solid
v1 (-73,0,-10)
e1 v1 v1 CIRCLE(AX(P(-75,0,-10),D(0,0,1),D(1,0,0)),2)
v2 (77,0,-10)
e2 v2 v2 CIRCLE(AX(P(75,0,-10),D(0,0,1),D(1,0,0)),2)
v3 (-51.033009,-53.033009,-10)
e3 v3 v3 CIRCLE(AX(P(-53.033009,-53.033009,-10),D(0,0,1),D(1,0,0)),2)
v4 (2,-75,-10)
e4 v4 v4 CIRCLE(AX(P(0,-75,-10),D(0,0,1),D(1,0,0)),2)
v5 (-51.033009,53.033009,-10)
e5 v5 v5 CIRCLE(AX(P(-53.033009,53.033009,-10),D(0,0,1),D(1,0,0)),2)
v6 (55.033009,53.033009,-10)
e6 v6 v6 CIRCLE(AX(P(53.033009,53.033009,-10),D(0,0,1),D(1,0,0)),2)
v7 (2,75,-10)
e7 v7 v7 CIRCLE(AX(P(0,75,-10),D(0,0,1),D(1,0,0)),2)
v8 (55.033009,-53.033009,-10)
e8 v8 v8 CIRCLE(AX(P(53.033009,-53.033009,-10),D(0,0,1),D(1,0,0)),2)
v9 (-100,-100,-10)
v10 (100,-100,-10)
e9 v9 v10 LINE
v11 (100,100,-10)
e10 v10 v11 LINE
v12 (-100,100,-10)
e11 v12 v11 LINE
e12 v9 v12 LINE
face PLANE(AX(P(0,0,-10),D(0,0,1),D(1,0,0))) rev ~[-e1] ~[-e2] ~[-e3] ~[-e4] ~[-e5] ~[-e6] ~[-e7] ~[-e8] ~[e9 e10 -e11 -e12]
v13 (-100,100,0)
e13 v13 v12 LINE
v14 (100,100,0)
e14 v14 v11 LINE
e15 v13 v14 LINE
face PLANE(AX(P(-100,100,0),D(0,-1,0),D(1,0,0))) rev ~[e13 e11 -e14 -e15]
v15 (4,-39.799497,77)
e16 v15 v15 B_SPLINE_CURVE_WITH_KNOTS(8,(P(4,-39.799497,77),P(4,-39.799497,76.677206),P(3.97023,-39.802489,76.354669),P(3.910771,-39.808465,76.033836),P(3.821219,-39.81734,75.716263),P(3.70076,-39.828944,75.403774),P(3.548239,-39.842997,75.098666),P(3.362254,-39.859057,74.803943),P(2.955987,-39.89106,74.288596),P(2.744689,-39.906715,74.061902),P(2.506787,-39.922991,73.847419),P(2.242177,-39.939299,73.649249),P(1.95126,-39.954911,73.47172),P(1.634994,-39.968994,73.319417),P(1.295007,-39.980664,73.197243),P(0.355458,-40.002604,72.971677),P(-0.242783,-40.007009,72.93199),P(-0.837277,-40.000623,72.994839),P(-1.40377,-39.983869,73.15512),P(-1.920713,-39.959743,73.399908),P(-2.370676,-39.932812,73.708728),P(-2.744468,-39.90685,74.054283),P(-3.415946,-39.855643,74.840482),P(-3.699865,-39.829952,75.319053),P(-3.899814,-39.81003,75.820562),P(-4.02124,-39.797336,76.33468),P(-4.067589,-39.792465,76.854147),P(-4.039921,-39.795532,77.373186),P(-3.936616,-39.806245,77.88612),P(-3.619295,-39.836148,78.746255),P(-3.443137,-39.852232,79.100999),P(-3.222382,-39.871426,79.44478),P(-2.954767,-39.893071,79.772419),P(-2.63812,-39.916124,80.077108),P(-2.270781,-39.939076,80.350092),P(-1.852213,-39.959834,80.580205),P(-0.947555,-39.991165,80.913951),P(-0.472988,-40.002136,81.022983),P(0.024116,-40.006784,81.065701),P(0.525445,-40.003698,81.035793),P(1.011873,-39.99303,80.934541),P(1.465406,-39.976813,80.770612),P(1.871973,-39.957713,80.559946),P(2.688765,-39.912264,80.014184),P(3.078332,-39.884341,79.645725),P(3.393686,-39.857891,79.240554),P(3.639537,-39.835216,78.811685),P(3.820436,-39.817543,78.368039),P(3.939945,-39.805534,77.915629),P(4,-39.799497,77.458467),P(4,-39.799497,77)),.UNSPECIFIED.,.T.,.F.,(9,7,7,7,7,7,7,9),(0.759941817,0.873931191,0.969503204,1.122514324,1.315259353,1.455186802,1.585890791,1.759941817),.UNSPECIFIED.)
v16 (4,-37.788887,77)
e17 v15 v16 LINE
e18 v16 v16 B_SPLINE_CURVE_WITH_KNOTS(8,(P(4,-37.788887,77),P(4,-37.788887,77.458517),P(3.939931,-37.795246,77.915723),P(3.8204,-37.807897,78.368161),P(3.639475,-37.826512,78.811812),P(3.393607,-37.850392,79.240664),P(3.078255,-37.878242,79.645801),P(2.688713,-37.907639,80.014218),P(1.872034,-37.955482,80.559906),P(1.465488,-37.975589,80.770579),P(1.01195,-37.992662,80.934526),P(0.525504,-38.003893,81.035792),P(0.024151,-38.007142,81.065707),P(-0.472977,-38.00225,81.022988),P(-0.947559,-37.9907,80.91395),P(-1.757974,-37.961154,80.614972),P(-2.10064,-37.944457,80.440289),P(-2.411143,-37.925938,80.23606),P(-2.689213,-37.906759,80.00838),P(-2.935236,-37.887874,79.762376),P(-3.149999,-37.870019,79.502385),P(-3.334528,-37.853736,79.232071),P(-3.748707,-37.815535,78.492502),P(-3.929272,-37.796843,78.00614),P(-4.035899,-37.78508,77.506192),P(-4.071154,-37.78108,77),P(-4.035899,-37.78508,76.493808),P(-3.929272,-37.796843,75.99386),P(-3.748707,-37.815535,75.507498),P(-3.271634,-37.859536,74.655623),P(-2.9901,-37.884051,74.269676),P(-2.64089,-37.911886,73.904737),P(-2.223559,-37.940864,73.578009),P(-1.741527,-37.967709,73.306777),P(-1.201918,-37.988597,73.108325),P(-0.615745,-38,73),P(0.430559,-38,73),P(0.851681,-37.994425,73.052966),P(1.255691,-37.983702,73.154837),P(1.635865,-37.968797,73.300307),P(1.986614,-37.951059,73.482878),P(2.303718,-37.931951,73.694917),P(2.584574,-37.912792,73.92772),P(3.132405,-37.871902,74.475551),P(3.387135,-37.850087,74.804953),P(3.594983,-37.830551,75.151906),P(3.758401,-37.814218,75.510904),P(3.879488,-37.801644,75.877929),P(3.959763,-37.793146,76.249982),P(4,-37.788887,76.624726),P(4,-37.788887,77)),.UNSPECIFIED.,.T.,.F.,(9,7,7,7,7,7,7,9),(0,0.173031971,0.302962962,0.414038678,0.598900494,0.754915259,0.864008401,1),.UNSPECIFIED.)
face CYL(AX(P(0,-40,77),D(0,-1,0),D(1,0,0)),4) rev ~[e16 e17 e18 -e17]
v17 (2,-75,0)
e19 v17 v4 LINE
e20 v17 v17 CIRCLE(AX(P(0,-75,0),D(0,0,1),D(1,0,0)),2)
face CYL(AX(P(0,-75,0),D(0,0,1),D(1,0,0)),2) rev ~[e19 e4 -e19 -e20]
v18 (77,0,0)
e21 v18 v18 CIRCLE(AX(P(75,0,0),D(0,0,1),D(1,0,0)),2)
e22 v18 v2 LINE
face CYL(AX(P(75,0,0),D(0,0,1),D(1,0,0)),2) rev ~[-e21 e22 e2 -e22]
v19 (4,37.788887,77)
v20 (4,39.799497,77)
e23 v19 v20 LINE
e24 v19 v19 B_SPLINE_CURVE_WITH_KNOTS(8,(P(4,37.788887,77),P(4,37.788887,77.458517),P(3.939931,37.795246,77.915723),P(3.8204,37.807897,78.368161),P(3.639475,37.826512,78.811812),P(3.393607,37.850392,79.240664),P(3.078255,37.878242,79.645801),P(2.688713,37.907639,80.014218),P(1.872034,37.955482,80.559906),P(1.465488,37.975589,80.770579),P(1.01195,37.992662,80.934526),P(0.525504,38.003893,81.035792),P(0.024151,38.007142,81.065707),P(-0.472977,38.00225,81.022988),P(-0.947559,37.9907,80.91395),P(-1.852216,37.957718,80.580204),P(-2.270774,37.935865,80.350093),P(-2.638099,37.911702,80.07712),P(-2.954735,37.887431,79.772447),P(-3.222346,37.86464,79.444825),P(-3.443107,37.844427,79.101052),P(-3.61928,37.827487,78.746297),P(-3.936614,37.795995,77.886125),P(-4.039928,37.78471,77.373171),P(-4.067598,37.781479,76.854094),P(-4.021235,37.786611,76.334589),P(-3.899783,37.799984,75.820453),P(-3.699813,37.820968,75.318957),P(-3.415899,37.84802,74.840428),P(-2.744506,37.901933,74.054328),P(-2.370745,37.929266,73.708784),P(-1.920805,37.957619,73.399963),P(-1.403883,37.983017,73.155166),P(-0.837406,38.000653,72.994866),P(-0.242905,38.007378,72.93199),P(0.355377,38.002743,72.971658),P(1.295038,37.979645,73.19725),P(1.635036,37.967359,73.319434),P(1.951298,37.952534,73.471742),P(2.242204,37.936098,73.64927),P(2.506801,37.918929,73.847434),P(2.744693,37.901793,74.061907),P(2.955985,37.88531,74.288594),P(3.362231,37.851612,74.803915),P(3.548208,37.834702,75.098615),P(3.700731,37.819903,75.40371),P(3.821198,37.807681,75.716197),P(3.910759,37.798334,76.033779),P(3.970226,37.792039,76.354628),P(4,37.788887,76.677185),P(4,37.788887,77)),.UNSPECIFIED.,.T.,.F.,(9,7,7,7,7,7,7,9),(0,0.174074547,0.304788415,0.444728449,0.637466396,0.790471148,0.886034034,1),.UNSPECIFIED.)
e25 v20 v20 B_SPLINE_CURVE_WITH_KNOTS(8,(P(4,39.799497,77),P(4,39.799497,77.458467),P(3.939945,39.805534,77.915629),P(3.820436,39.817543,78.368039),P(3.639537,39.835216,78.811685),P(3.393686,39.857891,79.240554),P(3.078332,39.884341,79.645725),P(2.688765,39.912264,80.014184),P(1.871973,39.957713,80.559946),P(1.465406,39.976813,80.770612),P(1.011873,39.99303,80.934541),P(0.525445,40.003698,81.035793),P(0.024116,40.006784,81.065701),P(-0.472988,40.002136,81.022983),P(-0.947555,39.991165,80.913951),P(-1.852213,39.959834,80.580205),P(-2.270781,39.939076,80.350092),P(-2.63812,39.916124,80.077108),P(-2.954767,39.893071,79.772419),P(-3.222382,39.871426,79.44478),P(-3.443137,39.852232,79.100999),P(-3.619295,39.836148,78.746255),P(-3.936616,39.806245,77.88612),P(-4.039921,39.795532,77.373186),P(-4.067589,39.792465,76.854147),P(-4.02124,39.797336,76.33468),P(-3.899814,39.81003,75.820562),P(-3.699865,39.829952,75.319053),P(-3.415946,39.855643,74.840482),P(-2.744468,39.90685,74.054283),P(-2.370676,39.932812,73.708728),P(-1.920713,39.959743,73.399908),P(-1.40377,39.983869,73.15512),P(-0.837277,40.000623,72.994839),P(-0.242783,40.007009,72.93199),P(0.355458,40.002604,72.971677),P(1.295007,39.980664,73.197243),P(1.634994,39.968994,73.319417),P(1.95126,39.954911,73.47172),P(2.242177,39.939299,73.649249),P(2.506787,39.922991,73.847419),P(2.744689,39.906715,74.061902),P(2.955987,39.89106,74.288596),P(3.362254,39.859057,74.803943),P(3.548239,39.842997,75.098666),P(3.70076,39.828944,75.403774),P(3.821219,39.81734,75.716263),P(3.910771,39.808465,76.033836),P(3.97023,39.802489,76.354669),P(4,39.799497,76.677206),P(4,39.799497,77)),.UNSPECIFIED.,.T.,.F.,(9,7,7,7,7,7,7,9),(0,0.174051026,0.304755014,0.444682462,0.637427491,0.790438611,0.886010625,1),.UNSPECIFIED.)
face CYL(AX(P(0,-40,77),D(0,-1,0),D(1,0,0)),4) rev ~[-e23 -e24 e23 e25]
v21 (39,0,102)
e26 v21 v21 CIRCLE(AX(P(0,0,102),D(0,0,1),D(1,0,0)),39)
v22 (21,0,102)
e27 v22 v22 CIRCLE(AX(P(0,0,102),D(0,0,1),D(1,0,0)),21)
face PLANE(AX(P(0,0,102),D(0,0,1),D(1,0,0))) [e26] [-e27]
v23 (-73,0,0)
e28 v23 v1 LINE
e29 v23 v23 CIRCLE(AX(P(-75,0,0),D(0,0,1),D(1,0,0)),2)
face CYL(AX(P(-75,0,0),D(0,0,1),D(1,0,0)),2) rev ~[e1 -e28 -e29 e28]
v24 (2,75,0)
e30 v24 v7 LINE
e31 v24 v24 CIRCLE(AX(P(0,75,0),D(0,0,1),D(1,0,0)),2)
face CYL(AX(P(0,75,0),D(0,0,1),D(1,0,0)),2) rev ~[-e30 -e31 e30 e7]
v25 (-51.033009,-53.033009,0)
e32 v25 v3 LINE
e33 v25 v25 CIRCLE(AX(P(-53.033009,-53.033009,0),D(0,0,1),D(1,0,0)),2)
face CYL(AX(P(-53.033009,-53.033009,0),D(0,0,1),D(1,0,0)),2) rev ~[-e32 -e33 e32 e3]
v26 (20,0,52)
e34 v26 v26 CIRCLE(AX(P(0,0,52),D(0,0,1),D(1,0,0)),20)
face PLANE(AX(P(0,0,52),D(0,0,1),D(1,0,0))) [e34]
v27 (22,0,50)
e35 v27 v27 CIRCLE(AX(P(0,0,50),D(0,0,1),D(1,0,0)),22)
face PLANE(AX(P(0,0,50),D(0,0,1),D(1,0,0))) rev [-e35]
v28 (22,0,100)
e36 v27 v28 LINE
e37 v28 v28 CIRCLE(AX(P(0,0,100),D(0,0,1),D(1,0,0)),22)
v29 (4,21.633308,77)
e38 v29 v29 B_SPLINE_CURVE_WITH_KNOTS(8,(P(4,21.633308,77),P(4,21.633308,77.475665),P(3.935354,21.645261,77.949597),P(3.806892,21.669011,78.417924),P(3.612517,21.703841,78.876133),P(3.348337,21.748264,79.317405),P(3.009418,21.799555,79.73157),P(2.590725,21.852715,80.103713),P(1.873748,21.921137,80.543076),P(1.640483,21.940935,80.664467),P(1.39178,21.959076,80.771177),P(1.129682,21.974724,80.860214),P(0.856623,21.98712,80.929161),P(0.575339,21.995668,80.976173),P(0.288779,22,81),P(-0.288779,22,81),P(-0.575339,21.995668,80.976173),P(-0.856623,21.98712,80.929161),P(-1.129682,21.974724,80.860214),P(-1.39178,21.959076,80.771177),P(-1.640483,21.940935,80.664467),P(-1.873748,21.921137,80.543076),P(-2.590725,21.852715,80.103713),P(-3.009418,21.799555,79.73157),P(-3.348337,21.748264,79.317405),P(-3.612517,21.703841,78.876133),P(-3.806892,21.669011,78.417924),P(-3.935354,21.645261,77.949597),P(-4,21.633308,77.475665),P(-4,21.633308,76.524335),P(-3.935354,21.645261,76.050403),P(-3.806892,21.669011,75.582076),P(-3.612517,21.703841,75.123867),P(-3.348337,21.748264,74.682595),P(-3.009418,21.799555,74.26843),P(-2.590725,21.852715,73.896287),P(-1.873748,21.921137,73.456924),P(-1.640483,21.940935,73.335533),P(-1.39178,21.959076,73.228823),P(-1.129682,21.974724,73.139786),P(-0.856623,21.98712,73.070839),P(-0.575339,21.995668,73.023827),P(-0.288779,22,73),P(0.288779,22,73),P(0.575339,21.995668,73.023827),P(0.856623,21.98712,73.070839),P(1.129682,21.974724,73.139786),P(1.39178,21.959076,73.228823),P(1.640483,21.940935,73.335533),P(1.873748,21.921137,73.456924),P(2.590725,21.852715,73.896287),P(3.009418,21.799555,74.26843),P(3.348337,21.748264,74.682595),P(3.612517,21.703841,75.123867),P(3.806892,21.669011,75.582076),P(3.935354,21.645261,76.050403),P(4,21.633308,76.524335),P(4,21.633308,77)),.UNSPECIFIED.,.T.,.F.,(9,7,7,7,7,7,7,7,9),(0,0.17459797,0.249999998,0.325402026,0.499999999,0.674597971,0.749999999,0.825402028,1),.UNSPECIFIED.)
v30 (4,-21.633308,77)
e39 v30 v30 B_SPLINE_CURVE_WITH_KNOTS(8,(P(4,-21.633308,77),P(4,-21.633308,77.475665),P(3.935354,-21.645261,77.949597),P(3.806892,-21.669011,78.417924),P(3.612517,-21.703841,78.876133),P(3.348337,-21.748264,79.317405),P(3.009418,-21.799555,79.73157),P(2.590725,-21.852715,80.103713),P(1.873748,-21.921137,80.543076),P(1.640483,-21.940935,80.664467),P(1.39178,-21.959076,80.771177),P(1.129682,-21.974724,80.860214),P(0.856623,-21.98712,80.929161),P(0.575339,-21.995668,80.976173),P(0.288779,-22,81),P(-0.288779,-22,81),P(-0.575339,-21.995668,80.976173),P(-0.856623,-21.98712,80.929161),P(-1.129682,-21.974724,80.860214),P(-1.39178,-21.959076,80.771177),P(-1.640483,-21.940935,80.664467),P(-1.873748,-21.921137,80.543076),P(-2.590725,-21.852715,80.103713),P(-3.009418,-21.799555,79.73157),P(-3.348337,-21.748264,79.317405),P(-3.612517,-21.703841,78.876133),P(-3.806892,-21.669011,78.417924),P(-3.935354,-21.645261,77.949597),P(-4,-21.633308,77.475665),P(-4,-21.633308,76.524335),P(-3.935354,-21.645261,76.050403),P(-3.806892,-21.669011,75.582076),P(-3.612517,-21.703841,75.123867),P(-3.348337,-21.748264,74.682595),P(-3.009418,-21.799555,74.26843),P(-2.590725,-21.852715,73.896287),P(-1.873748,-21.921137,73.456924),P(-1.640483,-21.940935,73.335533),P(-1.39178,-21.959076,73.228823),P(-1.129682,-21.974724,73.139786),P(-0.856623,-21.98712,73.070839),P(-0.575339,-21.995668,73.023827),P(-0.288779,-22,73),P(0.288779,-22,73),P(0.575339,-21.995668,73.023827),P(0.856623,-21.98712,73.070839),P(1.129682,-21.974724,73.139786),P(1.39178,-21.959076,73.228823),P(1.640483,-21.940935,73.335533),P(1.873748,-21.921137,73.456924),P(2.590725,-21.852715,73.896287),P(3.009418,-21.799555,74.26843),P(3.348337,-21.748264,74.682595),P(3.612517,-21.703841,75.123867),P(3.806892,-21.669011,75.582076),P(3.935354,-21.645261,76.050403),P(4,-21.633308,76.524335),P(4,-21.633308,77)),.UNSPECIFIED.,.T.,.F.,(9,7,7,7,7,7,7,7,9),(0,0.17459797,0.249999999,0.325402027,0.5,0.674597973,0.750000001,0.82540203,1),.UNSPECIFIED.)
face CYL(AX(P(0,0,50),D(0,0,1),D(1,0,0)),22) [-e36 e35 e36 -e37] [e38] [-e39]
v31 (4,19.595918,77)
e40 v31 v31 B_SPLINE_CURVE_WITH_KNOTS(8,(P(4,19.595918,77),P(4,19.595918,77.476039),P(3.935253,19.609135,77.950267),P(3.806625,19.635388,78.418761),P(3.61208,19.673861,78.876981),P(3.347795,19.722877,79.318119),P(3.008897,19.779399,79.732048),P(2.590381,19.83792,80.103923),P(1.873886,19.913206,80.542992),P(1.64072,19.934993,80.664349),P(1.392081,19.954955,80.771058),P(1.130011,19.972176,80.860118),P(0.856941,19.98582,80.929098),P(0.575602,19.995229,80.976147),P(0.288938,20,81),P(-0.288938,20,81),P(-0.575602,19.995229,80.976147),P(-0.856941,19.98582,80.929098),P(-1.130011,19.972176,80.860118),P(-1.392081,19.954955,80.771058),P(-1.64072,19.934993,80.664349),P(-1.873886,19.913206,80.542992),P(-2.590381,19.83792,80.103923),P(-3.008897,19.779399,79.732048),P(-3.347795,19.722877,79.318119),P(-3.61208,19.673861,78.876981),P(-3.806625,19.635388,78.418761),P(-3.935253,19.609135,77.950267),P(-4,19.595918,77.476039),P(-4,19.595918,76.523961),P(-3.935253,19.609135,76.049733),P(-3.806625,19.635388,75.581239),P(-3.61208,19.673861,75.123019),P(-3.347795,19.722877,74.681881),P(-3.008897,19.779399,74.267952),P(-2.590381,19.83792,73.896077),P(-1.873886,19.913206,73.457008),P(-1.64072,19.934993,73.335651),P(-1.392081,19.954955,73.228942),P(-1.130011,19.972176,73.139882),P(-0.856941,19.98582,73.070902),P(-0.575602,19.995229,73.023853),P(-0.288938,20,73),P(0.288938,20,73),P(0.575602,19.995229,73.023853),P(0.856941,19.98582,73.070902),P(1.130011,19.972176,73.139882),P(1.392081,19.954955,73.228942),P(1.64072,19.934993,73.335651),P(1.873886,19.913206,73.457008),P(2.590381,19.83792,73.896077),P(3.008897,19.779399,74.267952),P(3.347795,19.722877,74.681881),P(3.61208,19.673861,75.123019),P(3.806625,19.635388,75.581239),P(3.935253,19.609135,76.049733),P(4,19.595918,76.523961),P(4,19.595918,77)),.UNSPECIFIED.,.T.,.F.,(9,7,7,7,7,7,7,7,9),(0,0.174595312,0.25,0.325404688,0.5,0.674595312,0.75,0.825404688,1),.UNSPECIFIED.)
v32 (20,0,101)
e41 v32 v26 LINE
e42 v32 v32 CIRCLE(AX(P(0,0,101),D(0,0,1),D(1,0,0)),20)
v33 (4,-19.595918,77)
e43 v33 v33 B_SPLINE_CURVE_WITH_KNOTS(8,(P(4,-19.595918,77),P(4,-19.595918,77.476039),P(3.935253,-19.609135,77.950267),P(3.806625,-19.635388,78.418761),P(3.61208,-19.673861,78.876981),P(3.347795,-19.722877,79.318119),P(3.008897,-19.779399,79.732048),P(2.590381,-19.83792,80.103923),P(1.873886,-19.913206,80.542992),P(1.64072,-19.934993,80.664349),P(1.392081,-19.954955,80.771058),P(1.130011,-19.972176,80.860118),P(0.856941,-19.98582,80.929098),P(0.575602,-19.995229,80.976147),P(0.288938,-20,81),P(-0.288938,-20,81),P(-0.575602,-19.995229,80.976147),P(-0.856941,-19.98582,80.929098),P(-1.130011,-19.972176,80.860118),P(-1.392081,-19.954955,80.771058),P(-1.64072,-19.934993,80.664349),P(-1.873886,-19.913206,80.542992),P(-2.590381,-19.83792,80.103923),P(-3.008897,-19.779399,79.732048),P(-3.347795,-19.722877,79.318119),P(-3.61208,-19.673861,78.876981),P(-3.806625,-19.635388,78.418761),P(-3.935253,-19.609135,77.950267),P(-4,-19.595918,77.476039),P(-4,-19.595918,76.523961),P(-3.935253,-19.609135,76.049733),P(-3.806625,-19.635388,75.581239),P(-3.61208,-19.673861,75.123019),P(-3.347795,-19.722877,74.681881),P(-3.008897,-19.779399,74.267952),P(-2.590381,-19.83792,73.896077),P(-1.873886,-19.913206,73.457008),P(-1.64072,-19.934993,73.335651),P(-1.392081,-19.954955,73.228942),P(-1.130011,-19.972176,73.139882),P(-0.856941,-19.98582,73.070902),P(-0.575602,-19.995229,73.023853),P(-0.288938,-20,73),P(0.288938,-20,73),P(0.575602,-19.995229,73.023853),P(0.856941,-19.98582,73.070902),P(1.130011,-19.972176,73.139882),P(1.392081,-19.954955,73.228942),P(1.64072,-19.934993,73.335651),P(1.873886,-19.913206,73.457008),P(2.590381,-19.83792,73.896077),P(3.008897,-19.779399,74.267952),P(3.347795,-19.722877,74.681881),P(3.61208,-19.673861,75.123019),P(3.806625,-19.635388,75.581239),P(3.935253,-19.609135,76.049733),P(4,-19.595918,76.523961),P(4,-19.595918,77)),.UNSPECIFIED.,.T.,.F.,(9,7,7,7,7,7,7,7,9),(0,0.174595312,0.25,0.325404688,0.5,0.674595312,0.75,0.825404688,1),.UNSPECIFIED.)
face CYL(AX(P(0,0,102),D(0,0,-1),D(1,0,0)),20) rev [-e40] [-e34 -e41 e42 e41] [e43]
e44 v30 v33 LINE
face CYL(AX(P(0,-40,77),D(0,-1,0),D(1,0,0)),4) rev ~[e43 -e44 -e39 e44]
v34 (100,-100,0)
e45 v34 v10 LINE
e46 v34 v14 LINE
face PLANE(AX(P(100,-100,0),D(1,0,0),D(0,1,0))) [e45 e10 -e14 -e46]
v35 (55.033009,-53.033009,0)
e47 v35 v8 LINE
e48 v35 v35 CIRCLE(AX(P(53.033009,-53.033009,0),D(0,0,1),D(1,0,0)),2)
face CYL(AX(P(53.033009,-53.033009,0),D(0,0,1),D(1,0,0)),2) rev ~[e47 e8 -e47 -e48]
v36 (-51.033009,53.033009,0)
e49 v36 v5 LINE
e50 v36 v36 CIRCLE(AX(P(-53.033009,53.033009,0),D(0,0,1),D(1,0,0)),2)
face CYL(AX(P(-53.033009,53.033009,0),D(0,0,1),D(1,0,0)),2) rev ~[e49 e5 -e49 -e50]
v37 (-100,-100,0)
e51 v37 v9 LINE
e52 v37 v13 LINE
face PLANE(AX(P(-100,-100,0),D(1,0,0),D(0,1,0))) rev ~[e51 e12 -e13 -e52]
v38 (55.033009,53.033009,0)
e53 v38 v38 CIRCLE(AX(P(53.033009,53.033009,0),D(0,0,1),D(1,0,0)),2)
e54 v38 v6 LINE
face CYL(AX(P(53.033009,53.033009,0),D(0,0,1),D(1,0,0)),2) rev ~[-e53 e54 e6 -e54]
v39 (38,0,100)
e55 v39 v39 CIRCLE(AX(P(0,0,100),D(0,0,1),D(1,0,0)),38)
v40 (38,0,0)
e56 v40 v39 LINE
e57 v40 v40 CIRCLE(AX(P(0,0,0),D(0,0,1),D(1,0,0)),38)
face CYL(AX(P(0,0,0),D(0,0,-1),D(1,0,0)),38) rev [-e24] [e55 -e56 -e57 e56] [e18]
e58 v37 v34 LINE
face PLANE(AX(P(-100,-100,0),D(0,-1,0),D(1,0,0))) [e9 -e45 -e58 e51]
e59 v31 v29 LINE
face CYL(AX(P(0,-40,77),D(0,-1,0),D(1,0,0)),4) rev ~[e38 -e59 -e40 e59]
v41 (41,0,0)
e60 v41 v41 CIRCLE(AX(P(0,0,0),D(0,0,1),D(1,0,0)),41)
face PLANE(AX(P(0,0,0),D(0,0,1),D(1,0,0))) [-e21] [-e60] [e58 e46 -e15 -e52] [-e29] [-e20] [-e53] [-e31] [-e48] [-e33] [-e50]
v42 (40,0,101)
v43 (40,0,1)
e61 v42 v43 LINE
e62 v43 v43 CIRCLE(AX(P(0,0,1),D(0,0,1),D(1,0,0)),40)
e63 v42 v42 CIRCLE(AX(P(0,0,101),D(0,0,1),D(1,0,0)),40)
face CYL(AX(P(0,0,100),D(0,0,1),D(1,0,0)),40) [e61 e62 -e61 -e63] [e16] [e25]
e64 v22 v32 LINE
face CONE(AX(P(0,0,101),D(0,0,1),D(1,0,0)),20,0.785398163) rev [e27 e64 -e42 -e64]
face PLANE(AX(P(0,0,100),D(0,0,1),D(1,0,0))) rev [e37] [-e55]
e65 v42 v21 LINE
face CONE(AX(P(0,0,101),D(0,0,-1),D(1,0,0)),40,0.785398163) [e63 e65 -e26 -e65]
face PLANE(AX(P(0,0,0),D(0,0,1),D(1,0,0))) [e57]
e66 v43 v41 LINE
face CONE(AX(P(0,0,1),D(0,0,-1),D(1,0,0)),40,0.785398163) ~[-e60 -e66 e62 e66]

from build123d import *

# Parameters (mm, degrees)
F0_W      = 200
F0_H      = 200
F0_R      = 2
F1_DEPTH  = 10
F2_R      = 40
F2_R_2    = 38
F3_DEPTH  = 100
F7_SIZE   = 1
F8_SIZE   = 1
F10_R     = 4
F11_DEPTH = 80
F12_DEPTH = 25


with BuildPart() as f1:
    # F0 (on Top) → F1 (new body)
    with BuildSketch(Plane.XY):
        Rectangle(F0_W, F0_H)
        with Locations((-53.033009, -53.033009)):
            Circle(F0_R, mode=Mode.SUBTRACT)
        with Locations((0, -75)):
            Circle(F0_R, mode=Mode.SUBTRACT)
        with Locations((53.033009, -53.033009)):
            Circle(F0_R, mode=Mode.SUBTRACT)
        with Locations((-75, 0)):
            Circle(F0_R, mode=Mode.SUBTRACT)
        with Locations((-53.033009, 53.033009)):
            Circle(F0_R, mode=Mode.SUBTRACT)
        with Locations((75, 0)):
            Circle(F0_R, mode=Mode.SUBTRACT)
        with Locations((0, 75)):
            Circle(F0_R, mode=Mode.SUBTRACT)
        with Locations((53.033009, 53.033009)):
            Circle(F0_R, mode=Mode.SUBTRACT)
    extrude(amount=-F1_DEPTH)

    # F2 (on face) → F3 (join)
    with BuildSketch(Plane.XY):
        Circle(F2_R)
        Circle(F2_R_2, mode=Mode.SUBTRACT)
    extrude(amount=F3_DEPTH)

    # F5 (on Front) → F6 (revolve)
    with BuildSketch(Plane.XZ):
        Polygon((0, 52), (0, 50), (22, 50), (22, 100), (40, 100), (40, 102), (20, 102), (20, 52), align=None)
    revolve(axis=Axis((0, 0, 75.148744), (0, 0, 1)))

    # F7
    f7_edges = [f1.edges().sort_by_distance(p)[0] for p in [
        (-40, 0, 0),
        (40, 0, 51),
        (-40, 0, 102),
    ]]
    chamfer(f7_edges, length=F7_SIZE)

    # F8
    f8_edges = [f1.edges().sort_by_distance(p)[0] for p in [
        (-20, 0, 102),
    ]]
    chamfer(f8_edges, length=F8_SIZE)

    # F10 (on offset) → F11 (cut)
    with BuildSketch(Plane.XZ.offset(40)):
        with Locations((0, 77)):
            Circle(F10_R)
    extrude(amount=-F11_DEPTH, mode=Mode.SUBTRACT)

    # F0 (on Top) → F12 (cut)
    with BuildSketch(Plane.XY):
        with Locations((0, 75)):
            Circle(F0_R)
    extrude(amount=-F12_DEPTH, mode=Mode.SUBTRACT)


solid = f1.part
